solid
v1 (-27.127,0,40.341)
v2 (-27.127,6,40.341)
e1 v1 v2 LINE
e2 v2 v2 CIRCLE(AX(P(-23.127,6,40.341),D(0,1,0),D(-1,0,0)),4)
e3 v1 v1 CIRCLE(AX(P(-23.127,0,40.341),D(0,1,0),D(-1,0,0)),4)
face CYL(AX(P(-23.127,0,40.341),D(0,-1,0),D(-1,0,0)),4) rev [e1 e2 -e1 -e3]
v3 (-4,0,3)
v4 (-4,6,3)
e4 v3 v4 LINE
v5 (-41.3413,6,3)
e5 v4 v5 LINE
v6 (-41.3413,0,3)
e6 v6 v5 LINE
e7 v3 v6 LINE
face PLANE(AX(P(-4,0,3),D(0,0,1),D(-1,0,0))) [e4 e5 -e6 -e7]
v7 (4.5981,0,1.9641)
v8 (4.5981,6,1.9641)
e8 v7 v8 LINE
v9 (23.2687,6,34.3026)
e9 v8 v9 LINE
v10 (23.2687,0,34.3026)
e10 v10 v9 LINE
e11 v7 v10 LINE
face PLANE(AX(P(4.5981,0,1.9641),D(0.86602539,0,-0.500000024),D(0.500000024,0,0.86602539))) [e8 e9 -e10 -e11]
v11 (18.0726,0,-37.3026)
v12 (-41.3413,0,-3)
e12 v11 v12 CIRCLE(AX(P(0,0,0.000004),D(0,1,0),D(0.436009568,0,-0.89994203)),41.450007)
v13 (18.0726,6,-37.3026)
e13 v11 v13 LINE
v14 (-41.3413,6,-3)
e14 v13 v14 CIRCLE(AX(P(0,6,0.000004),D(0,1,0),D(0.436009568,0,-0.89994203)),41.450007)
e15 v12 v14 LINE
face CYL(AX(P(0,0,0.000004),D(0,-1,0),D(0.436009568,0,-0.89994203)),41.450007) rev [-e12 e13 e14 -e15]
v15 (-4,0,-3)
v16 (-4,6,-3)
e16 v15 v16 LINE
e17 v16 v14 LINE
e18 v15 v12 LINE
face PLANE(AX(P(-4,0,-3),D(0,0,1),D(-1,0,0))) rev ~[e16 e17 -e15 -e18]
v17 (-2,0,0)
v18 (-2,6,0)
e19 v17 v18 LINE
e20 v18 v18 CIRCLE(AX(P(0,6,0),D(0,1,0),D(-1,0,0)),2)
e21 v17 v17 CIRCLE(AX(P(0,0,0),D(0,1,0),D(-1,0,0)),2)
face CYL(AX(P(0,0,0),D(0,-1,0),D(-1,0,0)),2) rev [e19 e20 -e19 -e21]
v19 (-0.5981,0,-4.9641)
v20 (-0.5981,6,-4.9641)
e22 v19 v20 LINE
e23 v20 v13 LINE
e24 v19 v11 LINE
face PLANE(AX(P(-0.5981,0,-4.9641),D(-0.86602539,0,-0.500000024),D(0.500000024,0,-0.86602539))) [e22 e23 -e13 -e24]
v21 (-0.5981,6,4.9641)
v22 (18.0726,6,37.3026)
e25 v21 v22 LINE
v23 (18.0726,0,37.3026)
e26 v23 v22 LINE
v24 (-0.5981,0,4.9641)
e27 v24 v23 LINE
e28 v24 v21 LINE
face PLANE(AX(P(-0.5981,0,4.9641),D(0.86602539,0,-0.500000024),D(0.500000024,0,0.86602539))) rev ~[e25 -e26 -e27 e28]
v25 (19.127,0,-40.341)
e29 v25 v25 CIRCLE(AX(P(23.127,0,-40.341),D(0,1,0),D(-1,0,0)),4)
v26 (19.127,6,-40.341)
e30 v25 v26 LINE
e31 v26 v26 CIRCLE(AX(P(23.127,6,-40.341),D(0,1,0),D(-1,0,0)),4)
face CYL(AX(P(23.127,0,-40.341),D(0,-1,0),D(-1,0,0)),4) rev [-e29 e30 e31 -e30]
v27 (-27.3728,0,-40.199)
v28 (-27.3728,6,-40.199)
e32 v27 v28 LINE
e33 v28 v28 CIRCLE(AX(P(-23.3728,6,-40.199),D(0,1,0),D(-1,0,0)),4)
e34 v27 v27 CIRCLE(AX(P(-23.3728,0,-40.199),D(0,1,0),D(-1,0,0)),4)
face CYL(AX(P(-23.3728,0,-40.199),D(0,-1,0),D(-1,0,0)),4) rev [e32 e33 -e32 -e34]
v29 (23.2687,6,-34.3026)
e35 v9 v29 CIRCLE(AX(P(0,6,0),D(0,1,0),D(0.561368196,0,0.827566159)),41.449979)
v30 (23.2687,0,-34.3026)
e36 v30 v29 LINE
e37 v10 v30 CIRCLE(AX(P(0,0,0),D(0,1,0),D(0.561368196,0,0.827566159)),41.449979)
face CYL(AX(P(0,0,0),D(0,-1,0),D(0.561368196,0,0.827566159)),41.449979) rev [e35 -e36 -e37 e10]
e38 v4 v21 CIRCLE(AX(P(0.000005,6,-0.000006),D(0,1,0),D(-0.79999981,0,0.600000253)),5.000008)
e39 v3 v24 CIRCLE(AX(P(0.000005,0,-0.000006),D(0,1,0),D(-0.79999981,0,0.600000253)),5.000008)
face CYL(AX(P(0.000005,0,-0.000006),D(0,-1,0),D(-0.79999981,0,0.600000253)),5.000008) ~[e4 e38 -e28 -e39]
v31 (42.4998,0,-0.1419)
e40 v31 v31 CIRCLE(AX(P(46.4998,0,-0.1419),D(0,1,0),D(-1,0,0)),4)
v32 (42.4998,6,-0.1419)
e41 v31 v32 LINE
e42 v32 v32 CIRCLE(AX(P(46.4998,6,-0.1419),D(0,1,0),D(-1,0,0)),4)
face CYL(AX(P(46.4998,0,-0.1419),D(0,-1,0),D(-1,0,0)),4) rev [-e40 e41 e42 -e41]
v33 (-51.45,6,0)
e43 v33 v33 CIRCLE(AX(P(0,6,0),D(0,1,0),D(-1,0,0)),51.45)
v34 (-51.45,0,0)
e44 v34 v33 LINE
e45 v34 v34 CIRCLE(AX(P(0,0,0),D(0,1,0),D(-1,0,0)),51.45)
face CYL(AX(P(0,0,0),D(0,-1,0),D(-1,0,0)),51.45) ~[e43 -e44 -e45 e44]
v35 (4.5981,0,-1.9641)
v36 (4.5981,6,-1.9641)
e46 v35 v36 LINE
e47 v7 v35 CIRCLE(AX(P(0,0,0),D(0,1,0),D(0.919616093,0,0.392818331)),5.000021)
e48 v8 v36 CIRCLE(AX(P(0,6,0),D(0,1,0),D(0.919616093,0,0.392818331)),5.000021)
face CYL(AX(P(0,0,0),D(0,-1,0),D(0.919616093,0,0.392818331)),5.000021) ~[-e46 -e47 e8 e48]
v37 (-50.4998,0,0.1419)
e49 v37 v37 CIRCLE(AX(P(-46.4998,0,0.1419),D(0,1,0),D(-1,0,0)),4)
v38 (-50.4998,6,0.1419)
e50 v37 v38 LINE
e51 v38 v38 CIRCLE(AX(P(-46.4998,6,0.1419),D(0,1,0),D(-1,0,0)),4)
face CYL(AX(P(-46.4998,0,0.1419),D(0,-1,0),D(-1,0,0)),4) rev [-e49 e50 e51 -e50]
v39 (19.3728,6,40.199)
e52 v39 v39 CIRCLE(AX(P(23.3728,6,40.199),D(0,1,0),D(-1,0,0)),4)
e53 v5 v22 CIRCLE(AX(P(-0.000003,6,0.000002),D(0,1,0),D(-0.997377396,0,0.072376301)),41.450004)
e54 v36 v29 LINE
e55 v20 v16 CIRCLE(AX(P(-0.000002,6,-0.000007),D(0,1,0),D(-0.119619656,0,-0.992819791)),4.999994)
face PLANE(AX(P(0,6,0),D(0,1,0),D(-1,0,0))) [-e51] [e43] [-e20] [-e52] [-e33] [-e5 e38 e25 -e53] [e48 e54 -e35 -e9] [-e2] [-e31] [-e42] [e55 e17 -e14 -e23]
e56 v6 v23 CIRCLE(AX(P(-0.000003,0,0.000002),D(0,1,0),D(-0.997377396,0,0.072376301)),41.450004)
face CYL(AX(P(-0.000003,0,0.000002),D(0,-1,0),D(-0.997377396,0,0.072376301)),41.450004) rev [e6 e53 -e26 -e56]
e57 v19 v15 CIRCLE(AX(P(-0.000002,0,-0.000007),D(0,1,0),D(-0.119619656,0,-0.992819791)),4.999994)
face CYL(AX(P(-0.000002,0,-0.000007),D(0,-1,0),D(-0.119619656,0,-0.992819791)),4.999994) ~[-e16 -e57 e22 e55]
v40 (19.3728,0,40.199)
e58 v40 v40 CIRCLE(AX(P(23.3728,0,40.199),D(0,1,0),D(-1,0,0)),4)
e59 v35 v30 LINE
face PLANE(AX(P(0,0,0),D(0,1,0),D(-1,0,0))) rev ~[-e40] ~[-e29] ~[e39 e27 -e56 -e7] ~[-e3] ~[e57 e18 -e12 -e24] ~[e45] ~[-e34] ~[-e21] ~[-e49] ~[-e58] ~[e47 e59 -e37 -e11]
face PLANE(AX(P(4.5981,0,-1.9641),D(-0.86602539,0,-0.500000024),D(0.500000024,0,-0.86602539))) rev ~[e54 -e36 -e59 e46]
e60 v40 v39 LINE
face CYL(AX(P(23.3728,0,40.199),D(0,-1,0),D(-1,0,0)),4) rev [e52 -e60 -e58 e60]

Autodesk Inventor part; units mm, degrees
ref_plane "YZ Plane" through (0, 0, 0) normal (1, 0, 0) x (0, 1, 0)
ref_plane "XZ Plane" through (0, 0, 0) normal (0, 1, 0) x (-1, 0, 0)
ref_plane "XY Plane" through (0, 0, 0) normal (0, 0, 1) x (1, 0, 0)
sketch "Sketch1" plane through (0, 0, 0) normal (0, 1, 0) x (-1, 0, 0)
  circle A0 centre (0, 0) radius 51.45
  circle A1 centre (0, 0) radius 2
  line L0 (4, -3) -> (43.45, -3)
  line L1 (0.5981, 4.9641) -> (-19.1269, 39.1288)
  line L2 (-4.5981, -1.9641) -> (-24.3231, -36.1288)
  line L3 (4, 3) -> (43.45, 3)
  line L4 (-4.5981, 1.9641) -> (-24.3231, 36.1288)
  line L5 (0.5981, -4.9641) -> (-19.1269, -39.1288)
  arc A2 (4, 3) -> (0.5981, 4.9641) centre (0, 0) ccw
  arc A3 (-4.5981, 1.9641) -> (-4.5981, -1.9641) centre (0, 0) ccw
  arc A4 (0.5981, -4.9641) -> (4, -3) centre (0, 0) ccw
  arc A5 (-23.2687, 34.3026) -> (-23.2687, -34.3026) centre (0, 0) ccw
  arc A6 (-18.0726, -37.3026) -> (41.3413, -3) centre (0, 0) ccw
  arc A7 (41.3413, 3) -> (-18.0726, 37.3026) centre (0, 0) ccw
  circle A8 centre (-23.127, -40.341) radius 4
  circle A9 centre (23.3728, -40.199) radius 4
  circle A10 centre (46.4998, 0.1419) radius 4
  circle A11 centre (23.127, 40.341) radius 4
  circle A12 centre (-23.3728, 40.199) radius 4
  circle A13 centre (-46.4998, -0.1419) radius 4
  dimension "d0" = 102.9
  dimension "d2" = 4
  dimension "d7" = 360
  dimension "d9" = 6
  dimension "d12" = 360
  dimension "d16" = 8
  dimension "d17" = 46.5
  dimension "d20" = 360
extrude "Extrusion2" add sketch "Sketch1" along normal blind 6
properties part number "reaction wheel" material "PC/ABS Plastic"
